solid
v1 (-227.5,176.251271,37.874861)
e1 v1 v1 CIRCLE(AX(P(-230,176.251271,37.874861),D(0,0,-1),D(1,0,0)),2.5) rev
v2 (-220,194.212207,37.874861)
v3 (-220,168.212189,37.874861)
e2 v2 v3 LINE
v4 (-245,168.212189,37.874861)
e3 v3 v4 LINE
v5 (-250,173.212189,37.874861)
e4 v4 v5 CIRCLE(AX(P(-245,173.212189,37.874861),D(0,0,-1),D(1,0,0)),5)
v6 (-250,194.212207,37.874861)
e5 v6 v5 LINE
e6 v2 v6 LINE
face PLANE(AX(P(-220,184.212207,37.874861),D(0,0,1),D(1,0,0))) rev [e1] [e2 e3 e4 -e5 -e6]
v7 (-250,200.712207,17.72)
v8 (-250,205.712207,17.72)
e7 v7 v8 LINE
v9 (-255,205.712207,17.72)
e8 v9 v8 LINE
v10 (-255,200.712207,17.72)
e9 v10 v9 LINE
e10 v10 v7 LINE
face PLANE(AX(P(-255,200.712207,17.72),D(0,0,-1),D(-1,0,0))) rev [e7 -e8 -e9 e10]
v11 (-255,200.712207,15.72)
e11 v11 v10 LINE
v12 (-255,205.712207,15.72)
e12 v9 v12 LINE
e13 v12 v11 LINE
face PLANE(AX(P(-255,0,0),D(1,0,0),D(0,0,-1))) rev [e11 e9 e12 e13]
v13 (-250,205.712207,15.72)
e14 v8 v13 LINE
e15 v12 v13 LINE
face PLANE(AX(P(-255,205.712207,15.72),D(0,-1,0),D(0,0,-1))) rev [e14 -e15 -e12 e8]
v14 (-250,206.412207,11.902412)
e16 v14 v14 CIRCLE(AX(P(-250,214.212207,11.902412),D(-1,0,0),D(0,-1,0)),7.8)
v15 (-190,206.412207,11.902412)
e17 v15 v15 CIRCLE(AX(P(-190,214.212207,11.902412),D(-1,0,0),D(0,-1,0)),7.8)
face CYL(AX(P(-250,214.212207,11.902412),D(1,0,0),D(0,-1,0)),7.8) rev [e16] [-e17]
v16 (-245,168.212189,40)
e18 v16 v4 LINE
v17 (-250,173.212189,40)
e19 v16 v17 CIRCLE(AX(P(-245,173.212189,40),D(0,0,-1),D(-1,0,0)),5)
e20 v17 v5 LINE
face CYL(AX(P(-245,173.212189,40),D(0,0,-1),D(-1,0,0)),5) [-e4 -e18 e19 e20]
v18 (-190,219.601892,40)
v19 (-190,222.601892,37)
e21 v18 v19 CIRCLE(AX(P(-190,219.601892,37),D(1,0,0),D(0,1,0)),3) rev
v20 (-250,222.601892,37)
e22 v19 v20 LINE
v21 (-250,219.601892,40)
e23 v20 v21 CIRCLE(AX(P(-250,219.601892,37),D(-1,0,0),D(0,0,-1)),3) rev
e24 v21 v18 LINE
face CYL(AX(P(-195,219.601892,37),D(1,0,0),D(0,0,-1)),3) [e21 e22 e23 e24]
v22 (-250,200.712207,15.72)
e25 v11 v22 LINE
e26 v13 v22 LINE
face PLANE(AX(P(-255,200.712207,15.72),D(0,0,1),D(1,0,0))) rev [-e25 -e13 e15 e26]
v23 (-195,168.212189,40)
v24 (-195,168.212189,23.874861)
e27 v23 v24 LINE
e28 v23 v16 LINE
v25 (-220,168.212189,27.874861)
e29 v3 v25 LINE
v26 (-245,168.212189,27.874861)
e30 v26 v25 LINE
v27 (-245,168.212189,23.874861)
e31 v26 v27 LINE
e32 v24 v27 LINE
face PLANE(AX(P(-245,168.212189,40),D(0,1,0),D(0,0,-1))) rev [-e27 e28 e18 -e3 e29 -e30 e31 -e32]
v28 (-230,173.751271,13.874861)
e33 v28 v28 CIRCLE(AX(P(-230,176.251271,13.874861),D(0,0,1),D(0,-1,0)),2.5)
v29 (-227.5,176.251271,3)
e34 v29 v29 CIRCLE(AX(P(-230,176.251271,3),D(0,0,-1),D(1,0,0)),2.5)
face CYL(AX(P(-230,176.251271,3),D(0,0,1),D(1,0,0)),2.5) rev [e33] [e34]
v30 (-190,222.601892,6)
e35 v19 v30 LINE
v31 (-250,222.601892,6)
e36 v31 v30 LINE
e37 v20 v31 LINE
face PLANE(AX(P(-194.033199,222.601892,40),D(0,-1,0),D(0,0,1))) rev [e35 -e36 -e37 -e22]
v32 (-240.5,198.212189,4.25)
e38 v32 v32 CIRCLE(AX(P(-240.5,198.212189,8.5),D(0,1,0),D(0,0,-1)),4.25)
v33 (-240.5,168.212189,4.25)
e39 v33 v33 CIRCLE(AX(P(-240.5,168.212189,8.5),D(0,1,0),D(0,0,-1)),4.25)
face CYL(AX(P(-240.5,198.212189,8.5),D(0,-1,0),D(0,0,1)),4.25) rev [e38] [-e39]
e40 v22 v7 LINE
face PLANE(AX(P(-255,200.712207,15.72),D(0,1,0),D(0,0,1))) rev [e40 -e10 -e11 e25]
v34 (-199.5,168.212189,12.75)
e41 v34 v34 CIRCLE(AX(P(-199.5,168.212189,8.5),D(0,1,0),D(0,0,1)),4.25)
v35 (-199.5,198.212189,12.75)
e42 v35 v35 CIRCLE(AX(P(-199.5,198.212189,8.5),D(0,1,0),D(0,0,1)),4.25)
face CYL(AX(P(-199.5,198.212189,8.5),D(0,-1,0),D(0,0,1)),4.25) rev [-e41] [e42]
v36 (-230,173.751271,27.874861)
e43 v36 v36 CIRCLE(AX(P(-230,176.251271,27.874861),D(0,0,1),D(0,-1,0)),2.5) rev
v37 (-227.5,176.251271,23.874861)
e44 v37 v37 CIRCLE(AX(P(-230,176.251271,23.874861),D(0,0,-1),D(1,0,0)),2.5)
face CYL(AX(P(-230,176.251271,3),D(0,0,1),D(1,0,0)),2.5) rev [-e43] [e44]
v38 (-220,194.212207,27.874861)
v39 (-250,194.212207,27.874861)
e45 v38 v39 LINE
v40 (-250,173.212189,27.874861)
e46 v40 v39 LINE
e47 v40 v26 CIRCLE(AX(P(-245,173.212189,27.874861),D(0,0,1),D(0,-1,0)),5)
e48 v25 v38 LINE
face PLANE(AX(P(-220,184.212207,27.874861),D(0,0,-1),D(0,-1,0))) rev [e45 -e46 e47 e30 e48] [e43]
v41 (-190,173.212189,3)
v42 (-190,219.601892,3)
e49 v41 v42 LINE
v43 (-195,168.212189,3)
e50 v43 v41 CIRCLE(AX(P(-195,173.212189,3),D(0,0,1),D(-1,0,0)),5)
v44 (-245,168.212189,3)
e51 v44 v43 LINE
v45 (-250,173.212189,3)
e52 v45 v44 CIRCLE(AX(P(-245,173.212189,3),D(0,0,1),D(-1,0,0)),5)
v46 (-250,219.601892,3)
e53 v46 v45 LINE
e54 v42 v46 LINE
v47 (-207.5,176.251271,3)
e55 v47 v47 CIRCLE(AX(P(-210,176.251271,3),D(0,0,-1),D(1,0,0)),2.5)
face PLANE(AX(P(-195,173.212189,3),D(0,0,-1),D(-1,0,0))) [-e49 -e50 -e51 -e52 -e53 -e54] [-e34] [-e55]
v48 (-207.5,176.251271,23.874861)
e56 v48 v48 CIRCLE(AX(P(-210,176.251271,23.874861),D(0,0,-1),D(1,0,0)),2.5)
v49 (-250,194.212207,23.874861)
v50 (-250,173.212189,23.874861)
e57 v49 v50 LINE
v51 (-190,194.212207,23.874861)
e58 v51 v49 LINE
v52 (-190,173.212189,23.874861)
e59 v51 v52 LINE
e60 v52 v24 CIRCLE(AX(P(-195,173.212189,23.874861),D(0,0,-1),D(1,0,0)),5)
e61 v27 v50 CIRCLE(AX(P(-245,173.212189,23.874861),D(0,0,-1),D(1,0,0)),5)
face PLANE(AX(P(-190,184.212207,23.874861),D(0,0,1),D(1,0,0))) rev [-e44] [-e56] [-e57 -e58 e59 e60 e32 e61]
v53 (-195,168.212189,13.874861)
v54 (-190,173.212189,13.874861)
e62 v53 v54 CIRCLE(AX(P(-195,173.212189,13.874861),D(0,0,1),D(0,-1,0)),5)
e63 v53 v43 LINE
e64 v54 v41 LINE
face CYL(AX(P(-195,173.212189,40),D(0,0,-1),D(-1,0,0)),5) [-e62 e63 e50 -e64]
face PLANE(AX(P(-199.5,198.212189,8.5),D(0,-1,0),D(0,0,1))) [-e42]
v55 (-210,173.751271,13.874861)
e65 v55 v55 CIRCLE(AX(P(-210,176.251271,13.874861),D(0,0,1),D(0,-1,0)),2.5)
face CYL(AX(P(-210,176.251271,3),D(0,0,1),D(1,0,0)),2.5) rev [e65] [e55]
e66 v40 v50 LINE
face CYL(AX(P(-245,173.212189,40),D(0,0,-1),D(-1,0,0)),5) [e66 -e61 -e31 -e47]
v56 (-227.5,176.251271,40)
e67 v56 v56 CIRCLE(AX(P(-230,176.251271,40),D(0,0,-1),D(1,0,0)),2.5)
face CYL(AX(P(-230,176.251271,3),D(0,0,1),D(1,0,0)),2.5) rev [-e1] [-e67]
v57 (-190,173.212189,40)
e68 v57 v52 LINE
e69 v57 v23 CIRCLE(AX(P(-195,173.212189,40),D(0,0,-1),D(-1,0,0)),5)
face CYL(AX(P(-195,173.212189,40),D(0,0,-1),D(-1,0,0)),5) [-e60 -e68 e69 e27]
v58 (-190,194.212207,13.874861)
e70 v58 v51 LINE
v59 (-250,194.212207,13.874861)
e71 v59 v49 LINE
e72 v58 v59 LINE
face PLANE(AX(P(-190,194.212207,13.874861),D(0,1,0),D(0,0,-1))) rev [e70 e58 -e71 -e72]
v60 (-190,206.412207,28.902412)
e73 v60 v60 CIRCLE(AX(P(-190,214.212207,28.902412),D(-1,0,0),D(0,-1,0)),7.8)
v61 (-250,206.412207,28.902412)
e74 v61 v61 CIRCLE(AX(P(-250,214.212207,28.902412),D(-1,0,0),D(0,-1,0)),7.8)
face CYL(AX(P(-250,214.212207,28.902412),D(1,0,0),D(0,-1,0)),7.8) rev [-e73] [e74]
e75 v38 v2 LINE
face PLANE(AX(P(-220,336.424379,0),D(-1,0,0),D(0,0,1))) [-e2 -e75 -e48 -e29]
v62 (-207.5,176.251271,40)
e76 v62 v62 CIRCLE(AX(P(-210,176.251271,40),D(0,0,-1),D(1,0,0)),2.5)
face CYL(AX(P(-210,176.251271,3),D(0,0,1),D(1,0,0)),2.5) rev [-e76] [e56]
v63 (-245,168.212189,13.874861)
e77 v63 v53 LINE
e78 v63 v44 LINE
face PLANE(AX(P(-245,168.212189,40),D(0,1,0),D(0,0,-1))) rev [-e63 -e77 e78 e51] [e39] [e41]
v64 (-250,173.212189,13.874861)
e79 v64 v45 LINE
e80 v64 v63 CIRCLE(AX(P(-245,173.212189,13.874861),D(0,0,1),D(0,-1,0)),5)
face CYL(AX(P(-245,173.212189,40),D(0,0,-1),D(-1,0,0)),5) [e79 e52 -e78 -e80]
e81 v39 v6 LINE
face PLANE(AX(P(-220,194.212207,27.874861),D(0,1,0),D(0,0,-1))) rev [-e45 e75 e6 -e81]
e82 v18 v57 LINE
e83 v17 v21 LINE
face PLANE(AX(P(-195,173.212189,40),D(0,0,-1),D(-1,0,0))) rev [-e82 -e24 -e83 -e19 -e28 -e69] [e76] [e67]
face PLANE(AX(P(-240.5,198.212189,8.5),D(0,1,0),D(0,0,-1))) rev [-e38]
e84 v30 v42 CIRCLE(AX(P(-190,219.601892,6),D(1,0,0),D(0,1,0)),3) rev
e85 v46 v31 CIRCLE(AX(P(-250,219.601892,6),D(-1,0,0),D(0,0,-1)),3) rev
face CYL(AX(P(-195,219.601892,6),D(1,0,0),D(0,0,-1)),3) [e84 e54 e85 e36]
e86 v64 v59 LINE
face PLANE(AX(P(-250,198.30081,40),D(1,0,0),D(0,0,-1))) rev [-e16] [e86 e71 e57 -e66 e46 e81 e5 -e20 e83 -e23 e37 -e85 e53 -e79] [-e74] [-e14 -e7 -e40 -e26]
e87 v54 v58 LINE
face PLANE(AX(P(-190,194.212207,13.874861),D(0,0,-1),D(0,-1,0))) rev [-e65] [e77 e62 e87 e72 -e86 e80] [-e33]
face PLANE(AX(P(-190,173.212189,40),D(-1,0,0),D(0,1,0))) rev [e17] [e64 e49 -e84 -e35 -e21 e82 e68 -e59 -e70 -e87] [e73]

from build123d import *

# Parameters (mm, degrees)
RESSALTO_EXTRUS_O1_DEPTH = 40
ESBO_O4_R                = 7.8
CORTE_EXTRUS_O1_DEPTH    = 61
CORTE_EXTRUS_O2_DEPTH    = 3
FILETE2_R                = 3
CORTE_EXTRUS_O5_DEPTH    = 61
ESBO_O10_R               = 2.5
CORTE_EXTRUS_O6_DEPTH    = 38
ESBO_O11_R               = 4.25
CORTE_EXTRUS_O7_DEPTH    = 30
CORTE_EXTRUS_O8_DEPTH    = 30
ESBO_O13_W               = 2
ESBO_O13_H               = 5
RESSALTO_EXTRUS_O2_DEPTH = 5


with BuildPart() as part:
    # Esboço2 → Ressalto-extrusão1 (new body)
    with BuildSketch(Plane.XY):
        with BuildLine():
            Line((-246.218768802, 113.822486613), (-237.781231198, 113.822486613))
            Line((-237.781231198, 113.822486613), (-201.966801004, 113.822486613))
            Line((-201.966801004, 113.822486613), (-194.033198996, 113.822486613))
            Line((-194.033198996, 113.822486613), (-190, 113.822486613))
            Line((-190, 113.822486613), (-190, 138.123568891))
            Line((-190, 138.123568891), (-190, 163.212189341))
            ThreePointArc((-190, 163.212189341), (-191.464466094, 166.747723246), (-195, 168.212189341))
            Line((-195, 168.212189341), (-245, 168.212189341))
            ThreePointArc((-245, 168.212189341), (-248.535533906, 166.747723246), (-250, 163.212189341))
            Line((-250, 163.212189341), (-250, 138.123568891))
            Line((-250, 138.123568891), (-250, 113.822486613))
            Line((-250, 113.822486613), (-246.218768802, 113.822486613))
        make_face()
    extrude(amount=RESSALTO_EXTRUS_O1_DEPTH)

    # Esboço4 → Corte-extrusão1 (cut, through all)
    with BuildSketch(Plane(origin=(-190, 0, 0), x_dir=(0, 0, -1), z_dir=(1, 0, 0))):
        with Locations((-11.90241208, 122.212171493)):
            Circle(ESBO_O4_R)
        with Locations((-28.90241208, 122.212171493)):
            Circle(ESBO_O4_R)
    extrude(amount=-CORTE_EXTRUS_O1_DEPTH, mode=Mode.SUBTRACT)

    # Esboço5 → Corte-extrusão2 (cut)
    with BuildSketch(Plane(origin=(0, 0, 0), x_dir=(-1, 0, 0), z_dir=(0, 0, -1))):
        with BuildLine():
            Line((190, 163.212189341), (190, 113.822486613))
            Line((190, 113.822486613), (250, 113.822486613))
            Line((250, 113.822486613), (250, 163.212189341))
            ThreePointArc((250, 163.212189341), (248.535533906, 166.747723246), (245, 168.212189341))
            Line((245, 168.212189341), (195, 168.212189341))
            ThreePointArc((195, 168.212189341), (191.464466094, 166.747723246), (190, 163.212189341))
        make_face()
    extrude(amount=-CORTE_EXTRUS_O2_DEPTH, mode=Mode.SUBTRACT)

    # Filete2
    filete2_edges = [part.edges().sort_by_distance(p)[0] for p in [
        (-220, 113.822486613, 40),
        (-220, 113.822486613, 3),
    ]]
    fillet(filete2_edges, radius=FILETE2_R)

    # Esboço8 → Corte-extrusão5 (cut, through all)
    with BuildSketch(Plane.ZY.offset(250)):
        Polygon((23.874860756, 142.212171493), (23.874860756, 152.212171493), (23.874860756, 182.191519565), (13.874860756, 182.191519565), (13.874860756, 152.212171493), (13.874860756, 142.212171493), align=None)
    extrude(amount=-CORTE_EXTRUS_O5_DEPTH, mode=Mode.SUBTRACT)

    # Esboço10 → Corte-extrusão6 (cut, through all)
    with BuildSketch(Plane.XY.offset(40)):
        with Locations((-210, 160.173107934)):
            Circle(ESBO_O10_R)
        with Locations((-230, 160.173107934)):
            Circle(ESBO_O10_R)
    extrude(amount=-CORTE_EXTRUS_O6_DEPTH, mode=Mode.SUBTRACT)

    # Esboço11 → Corte-extrusão7 (cut)
    with BuildSketch(Plane(origin=(0, 168.212189341, 0), x_dir=(1, 0, 0), z_dir=(0, 1, 0))):
        with Locations((-199.5, -8.5)):
            Circle(ESBO_O11_R)
        with Locations((-240.5, -8.5)):
            Circle(ESBO_O11_R)
    extrude(amount=-CORTE_EXTRUS_O7_DEPTH, mode=Mode.SUBTRACT)

    # Esboço12 → Corte-extrusão8 (cut)
    with BuildSketch(Plane.ZY.offset(250)):
        Polygon((27.874860756, 152.212171493), (27.874860756, 142.212171493), (37.874860756, 142.212171493), (37.874860756, 152.212171493), (37.874860756, 170.639409053), (27.874860756, 170.639409053), align=None)
    extrude(amount=-CORTE_EXTRUS_O8_DEPTH, mode=Mode.SUBTRACT)


with BuildPart() as body_2:
    # Espelhar1: mirrored copy
    add(part.part.mirror(Plane(origin=(-245, 168.212189341, 40), x_dir=(0, 0, 1), z_dir=(0, -1, 0))))

    # Esboço13 → Ressalto-extrusão2 (add)
    with BuildSketch(Plane.ZY.offset(250)):
        with Locations((16.72, 203.212207189)):
            Rectangle(ESBO_O13_W, ESBO_O13_H)
    extrude(amount=RESSALTO_EXTRUS_O2_DEPTH)


solid = body_2.part
